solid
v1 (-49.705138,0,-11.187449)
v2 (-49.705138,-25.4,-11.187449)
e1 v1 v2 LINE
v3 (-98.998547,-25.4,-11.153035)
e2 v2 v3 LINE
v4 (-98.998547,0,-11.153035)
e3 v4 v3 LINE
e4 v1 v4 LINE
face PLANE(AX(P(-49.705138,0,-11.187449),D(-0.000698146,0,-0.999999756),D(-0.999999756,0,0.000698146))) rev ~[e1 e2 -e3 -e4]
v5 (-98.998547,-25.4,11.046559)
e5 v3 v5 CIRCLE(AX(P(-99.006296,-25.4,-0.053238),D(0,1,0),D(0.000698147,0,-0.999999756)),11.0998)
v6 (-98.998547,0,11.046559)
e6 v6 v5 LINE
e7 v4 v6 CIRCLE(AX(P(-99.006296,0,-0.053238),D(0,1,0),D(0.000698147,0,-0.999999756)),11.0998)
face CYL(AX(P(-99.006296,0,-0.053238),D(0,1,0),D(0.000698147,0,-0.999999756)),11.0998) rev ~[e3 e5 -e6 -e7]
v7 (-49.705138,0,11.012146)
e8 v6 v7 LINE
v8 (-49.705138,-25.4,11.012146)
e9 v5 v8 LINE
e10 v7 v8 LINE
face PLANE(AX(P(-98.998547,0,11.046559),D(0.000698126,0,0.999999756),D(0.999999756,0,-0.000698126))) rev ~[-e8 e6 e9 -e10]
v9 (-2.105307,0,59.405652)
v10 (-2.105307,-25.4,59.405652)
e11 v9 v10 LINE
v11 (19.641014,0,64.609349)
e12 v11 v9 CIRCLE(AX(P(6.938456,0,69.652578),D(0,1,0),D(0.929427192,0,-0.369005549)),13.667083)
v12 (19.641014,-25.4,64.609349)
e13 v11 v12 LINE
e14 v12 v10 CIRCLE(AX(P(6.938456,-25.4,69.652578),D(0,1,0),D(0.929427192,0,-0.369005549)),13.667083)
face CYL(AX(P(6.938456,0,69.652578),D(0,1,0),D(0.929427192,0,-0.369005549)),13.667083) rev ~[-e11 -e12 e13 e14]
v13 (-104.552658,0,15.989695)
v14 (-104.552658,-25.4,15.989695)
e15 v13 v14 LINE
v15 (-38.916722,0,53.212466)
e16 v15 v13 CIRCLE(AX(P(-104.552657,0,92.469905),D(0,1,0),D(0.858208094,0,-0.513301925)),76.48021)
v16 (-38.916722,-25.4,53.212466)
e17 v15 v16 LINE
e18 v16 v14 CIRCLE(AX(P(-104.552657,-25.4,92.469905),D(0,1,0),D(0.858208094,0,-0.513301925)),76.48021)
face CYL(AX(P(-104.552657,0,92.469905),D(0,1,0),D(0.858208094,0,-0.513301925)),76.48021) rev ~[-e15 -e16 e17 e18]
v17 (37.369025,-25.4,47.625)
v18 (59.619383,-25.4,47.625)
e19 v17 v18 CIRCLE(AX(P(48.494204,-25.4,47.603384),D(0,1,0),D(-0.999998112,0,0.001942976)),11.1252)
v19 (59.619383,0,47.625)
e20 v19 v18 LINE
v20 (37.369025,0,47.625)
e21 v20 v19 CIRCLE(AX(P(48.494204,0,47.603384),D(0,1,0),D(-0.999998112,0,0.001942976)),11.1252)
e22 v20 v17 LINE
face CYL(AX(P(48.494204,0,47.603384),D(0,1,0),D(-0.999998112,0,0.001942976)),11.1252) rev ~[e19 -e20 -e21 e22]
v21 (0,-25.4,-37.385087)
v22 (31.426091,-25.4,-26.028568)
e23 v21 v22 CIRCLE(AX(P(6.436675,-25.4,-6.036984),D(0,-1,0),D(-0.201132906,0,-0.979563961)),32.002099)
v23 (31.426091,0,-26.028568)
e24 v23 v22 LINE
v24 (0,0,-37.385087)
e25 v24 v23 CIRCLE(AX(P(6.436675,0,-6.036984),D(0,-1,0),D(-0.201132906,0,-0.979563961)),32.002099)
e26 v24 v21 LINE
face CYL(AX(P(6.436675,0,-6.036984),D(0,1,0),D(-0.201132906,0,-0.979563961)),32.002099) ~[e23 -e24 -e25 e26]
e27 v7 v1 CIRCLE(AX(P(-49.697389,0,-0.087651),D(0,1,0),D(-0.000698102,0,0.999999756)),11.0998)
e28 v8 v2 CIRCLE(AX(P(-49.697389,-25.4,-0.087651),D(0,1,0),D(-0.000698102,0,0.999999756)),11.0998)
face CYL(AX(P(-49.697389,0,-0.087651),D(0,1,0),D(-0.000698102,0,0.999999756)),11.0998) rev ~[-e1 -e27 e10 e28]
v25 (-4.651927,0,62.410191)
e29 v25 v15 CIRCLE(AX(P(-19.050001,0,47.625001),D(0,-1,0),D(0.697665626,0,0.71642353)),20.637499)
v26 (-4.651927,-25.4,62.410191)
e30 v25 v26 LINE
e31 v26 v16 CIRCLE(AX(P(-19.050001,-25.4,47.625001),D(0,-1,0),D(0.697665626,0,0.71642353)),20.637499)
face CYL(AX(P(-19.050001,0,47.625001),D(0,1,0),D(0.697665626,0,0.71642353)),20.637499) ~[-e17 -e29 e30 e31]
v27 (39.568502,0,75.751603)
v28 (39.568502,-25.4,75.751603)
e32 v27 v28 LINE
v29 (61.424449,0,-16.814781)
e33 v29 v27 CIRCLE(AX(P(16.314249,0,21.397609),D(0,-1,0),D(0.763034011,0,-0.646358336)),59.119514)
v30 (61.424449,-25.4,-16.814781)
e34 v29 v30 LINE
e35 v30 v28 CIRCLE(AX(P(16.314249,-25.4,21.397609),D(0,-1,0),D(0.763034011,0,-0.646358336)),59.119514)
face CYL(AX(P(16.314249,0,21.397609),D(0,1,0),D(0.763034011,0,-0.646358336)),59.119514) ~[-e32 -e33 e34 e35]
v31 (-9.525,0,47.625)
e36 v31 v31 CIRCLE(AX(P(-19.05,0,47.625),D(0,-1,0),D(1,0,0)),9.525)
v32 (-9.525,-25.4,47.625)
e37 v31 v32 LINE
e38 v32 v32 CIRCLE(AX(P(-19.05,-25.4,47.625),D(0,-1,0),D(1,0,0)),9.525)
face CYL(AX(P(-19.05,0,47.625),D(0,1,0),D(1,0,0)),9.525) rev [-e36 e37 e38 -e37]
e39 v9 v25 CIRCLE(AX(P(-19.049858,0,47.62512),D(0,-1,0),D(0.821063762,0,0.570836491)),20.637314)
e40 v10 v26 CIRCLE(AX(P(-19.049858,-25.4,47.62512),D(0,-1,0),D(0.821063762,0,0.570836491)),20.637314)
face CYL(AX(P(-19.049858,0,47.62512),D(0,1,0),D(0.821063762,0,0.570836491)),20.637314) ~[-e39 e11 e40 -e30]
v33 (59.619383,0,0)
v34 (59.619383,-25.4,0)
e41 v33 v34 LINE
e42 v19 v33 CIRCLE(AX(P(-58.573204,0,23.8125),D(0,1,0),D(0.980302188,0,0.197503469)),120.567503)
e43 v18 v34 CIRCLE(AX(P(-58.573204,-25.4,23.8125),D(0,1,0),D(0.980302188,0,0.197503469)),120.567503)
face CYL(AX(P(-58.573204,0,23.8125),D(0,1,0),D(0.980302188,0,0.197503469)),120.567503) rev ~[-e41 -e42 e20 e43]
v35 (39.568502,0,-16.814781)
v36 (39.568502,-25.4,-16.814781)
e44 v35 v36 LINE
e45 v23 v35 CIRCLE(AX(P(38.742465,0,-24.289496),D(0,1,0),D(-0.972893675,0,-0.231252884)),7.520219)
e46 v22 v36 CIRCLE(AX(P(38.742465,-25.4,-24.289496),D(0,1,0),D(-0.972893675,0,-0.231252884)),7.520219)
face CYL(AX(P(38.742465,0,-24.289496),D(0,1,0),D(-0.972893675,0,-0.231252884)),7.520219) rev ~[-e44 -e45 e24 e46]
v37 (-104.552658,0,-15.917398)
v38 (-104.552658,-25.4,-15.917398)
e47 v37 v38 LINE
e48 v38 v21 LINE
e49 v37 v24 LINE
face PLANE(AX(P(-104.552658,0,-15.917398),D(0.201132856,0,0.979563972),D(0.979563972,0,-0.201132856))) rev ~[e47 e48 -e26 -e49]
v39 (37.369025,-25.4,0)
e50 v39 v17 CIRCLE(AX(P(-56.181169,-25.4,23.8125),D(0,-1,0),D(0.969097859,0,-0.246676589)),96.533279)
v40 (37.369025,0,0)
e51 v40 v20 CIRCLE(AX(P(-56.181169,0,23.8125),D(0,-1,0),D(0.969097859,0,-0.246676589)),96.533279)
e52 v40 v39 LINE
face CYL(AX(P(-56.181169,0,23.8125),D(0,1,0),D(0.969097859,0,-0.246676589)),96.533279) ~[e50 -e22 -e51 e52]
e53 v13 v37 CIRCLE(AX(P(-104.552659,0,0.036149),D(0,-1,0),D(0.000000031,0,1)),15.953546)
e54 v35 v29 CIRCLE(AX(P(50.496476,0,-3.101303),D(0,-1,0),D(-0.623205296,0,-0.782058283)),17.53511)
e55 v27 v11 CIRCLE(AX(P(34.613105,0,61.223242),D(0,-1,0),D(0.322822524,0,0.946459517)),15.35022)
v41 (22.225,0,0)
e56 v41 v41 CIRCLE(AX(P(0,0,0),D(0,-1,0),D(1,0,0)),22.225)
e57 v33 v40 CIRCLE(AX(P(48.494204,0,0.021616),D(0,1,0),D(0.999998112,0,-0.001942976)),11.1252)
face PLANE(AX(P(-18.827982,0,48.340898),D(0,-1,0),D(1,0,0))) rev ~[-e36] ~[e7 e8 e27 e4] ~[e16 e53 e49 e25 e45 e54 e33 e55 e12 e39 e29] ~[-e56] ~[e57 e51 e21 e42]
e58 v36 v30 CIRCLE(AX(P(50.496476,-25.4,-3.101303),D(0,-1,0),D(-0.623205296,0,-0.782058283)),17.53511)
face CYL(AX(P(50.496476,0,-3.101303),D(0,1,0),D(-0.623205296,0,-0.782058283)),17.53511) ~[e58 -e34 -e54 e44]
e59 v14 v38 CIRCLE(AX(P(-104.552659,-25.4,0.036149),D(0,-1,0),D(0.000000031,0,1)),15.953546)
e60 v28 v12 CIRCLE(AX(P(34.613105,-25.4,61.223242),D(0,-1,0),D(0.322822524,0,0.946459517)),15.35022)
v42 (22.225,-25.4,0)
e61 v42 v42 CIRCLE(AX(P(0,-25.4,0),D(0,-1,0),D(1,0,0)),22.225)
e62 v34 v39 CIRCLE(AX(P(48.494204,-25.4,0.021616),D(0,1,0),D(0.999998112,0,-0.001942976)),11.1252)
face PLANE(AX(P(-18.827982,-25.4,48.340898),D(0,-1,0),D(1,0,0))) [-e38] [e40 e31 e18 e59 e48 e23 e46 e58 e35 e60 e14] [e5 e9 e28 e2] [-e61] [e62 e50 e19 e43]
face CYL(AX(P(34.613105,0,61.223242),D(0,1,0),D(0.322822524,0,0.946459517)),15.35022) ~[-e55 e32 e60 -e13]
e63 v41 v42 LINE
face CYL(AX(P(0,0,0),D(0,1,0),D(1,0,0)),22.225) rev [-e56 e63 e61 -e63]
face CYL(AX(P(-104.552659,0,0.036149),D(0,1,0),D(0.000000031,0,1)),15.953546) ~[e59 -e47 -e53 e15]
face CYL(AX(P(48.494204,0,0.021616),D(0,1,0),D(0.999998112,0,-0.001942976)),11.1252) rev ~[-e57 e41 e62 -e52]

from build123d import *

# Parameters (mm, degrees)
F0_R     = 9.525
F0_R_2   = 22.225
F1_DEPTH = 25.4


with BuildPart() as f1:
    # F0 (on Front) → F1 (new body)
    with BuildSketch(Plane.XZ):
        with BuildLine():
            ThreePointArc((-2.105307, 59.405652), (-3.487416, 60.815705), (-4.651927, 62.410191))
            ThreePointArc((-4.651927, 62.410191), (-24.400333, 67.556893), (-38.916722, 53.212466))
            ThreePointArc((-38.916722, 53.212466), (-21.870189, 27.181103), (1.5875, 47.625))
            ThreePointArc((1.5875, 47.625), (0.64267, 53.797937), (-2.105307, 59.405652))
        make_face()
        with Locations((-19.05, 47.625)):
            Circle(F0_R, mode=Mode.SUBTRACT)
        with BuildLine():
            ThreePointArc((-2.105307, 59.405652), (-3.306777, 60.968813), (-4.651927, 62.410191))
            ThreePointArc((-4.651927, 62.410191), (-3.487416, 60.815705), (-2.105307, 59.405652))
        make_face()
        with BuildLine():
            ThreePointArc((1.5875, 47.625), (-21.870189, 27.181103), (-38.916722, 53.212466))
            ThreePointArc((-38.916722, 53.212466), (-66.824649, 25.943069), (-104.552658, 15.989695))
            Line((-104.552658, 15.989695), (-44.147662, 15.989695))
            ThreePointArc((-44.147662, 15.989695), (-28.194116, 0.036148), (-44.147662, -15.917398))
            Line((-44.147662, -15.917398), (-104.552658, -15.917398))
            Line((-104.552658, -15.917398), (0, -37.385087))
            ThreePointArc((0, -37.385087), (17.312965, -36.134171), (31.426091, -26.028568))
            ThreePointArc((31.426091, -26.028568), (33.107344, -19.309625), (39.568502, -16.814781))
            ThreePointArc((39.568502, -16.814781), (50.496476, -20.636413), (61.424449, -16.814781))
            ThreePointArc((61.424449, -16.814781), (73.851702, 34.982838), (39.568502, 75.751603))
            ThreePointArc((39.568502, 75.751603), (27.12171, 74.62131), (19.641014, 64.609349))
            ThreePointArc((19.641014, 64.609349), (10.119071, 56.360745), (-2.105307, 59.405652))
            ThreePointArc((-2.105307, 59.405652), (0.64267, 53.797937), (1.5875, 47.625))
        make_face()
        Circle(F0_R_2, mode=Mode.SUBTRACT)
        with BuildLine():
            ThreePointArc((59.619383, 0), (48.494204, -11.103584), (37.369025, 0))
            ThreePointArc((37.369025, 0), (40.35211, 23.8125), (37.369025, 47.625))
            ThreePointArc((37.369025, 47.625), (48.494204, 58.728584), (59.619383, 47.625))
            ThreePointArc((59.619383, 47.625), (61.994299, 23.8125), (59.619383, 0))
        make_face(mode=Mode.SUBTRACT)
        with BuildLine():
            Line((-44.147662, 15.989695), (-104.552658, 15.989695))
            ThreePointArc((-104.552658, 15.989695), (-120.506205, 0.036148), (-104.552658, -15.917398))
            Line((-104.552658, -15.917398), (-44.147662, -15.917398))
            ThreePointArc((-44.147662, -15.917398), (-28.194116, 0.036148), (-44.147662, 15.989695))
        make_face()
        with BuildLine():
            ThreePointArc((-98.998547, -11.153035), (-110.106096, -0.053238), (-98.998547, 11.046559))
            Line((-98.998547, 11.046559), (-49.705138, 11.012146))
            ThreePointArc((-49.705138, 11.012146), (-38.597589, -0.087651), (-49.705138, -11.187449))
            Line((-49.705138, -11.187449), (-98.998547, -11.153035))
        make_face(mode=Mode.SUBTRACT)
    extrude(amount=F1_DEPTH)


solid = f1.part
